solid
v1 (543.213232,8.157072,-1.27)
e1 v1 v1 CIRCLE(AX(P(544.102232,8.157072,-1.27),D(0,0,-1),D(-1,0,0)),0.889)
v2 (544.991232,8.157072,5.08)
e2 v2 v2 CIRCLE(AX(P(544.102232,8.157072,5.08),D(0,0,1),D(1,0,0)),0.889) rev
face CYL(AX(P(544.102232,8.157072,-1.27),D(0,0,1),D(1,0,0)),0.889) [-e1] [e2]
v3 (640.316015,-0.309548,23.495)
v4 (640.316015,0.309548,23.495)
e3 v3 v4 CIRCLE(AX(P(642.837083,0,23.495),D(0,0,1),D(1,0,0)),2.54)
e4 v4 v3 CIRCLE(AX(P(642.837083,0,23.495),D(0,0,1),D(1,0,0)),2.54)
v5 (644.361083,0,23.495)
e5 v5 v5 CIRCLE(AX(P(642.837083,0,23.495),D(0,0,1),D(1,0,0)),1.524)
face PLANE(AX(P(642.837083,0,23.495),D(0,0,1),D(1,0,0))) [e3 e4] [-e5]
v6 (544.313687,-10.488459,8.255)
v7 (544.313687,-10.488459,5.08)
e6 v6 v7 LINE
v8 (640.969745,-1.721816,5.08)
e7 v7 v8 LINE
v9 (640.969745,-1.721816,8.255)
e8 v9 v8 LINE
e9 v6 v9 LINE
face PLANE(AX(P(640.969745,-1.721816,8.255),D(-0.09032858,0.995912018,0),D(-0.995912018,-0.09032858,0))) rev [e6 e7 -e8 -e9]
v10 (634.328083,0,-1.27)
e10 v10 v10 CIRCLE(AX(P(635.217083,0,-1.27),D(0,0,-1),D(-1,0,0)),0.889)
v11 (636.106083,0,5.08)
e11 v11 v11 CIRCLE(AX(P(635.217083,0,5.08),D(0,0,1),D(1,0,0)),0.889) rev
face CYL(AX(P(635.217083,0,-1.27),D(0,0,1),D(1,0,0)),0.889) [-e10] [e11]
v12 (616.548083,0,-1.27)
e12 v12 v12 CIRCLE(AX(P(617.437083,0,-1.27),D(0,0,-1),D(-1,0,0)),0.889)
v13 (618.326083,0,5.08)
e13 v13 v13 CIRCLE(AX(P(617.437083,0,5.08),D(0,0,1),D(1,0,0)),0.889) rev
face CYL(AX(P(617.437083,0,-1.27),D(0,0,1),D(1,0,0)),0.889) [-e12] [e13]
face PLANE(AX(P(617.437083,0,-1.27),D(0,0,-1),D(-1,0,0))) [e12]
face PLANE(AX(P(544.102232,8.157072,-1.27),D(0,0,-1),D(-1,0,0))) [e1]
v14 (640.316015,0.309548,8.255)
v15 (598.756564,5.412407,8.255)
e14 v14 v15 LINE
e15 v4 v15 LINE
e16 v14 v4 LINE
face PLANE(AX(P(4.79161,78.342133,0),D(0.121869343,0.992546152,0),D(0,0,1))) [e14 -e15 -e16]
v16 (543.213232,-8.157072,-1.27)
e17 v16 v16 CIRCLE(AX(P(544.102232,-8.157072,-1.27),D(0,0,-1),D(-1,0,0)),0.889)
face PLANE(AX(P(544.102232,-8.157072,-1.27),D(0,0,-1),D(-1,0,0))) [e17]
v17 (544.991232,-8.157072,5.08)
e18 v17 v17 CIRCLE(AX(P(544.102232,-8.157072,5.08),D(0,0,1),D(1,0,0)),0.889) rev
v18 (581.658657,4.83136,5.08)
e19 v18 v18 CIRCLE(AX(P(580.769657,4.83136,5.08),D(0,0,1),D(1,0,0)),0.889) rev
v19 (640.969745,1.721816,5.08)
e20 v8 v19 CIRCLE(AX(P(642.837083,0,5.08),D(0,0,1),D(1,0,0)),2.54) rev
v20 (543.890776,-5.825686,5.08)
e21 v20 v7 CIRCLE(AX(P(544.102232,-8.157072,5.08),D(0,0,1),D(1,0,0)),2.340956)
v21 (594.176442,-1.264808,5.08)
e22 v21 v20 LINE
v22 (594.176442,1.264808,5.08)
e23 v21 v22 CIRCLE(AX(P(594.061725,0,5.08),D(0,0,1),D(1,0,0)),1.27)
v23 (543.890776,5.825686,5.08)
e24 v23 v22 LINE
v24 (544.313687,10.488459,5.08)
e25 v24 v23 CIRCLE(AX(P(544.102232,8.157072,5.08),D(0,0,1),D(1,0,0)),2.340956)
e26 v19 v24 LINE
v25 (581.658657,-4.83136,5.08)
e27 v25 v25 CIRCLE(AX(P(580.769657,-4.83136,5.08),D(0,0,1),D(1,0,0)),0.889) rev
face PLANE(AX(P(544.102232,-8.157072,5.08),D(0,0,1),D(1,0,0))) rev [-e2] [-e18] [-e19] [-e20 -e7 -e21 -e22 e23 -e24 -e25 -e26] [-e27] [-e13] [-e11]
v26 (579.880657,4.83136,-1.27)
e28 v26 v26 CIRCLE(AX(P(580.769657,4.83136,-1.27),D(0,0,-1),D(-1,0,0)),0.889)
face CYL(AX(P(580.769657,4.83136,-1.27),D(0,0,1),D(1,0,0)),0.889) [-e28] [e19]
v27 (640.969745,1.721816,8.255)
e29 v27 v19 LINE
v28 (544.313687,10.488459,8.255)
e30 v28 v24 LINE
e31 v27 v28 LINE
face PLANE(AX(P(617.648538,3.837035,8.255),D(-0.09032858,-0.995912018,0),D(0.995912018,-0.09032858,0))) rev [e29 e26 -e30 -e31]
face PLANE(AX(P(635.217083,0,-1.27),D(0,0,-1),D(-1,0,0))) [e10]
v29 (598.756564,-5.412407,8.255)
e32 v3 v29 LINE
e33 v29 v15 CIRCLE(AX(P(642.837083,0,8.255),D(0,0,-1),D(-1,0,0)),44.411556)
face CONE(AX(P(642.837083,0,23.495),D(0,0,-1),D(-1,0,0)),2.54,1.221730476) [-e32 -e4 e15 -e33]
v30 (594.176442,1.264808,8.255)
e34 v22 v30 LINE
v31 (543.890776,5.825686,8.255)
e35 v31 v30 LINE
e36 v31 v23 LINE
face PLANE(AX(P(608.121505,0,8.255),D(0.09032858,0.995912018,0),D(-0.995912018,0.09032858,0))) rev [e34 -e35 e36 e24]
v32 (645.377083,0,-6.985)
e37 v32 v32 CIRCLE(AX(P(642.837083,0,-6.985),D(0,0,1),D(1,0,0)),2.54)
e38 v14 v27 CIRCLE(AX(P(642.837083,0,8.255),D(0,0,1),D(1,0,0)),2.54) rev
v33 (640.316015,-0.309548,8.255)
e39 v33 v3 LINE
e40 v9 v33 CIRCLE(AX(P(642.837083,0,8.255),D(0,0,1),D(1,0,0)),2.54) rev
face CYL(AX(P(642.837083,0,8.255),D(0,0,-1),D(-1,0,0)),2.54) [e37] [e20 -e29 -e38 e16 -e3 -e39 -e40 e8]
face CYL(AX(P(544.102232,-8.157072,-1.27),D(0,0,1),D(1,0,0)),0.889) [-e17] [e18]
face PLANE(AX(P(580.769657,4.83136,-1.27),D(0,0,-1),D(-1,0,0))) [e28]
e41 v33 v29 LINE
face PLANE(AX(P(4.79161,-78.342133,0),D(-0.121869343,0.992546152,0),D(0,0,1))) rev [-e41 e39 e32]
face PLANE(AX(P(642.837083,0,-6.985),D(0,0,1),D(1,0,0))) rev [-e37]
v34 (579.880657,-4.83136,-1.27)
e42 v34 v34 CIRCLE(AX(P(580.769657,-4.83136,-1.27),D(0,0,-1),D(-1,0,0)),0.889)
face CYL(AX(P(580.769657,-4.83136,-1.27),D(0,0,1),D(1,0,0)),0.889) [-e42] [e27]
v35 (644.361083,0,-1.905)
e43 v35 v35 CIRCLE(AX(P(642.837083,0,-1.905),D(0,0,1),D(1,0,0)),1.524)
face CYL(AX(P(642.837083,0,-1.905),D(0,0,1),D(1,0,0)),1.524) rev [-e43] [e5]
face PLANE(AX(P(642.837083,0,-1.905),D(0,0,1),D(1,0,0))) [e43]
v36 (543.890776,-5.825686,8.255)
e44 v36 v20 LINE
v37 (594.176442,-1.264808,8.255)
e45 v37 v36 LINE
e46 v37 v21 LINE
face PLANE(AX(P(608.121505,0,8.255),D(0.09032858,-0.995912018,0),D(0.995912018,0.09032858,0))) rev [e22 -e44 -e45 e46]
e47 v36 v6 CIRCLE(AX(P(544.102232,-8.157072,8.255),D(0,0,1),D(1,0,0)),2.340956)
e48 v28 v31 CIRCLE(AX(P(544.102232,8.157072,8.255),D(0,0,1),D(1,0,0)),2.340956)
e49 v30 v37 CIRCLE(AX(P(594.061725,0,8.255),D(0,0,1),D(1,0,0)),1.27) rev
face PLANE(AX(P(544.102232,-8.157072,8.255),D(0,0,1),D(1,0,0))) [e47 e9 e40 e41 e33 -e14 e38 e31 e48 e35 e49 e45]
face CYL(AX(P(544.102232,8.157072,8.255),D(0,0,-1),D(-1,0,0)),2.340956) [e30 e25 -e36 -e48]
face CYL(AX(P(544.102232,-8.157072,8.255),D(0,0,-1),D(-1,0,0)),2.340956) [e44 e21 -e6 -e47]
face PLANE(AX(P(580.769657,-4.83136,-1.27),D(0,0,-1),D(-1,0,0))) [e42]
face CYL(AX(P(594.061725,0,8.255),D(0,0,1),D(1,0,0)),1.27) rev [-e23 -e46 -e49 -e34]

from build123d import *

# Parameters (mm, degrees)
BOSS_EXTRUDE1_DEPTH      = 5.08
CUT_EXTRUDE2_START       = -6.0800001
CUT_EXTRUDE2_DEPTH       = 7.0800002
BOSS_EXTRUDE2_DEPTH      = 3.175
SKETCH6_R                = 2.54
BOSS_EXTRUDE3_DEPTH      = 15.24
SKETCH7_R                = 1.524
CUT_EXTRUDE3_DEPTH       = 25.4
CUT_EXTRUDE4_DEPTH       = 5.08
SKETCH9_R                = 0.889
BOSS_EXTRUDE4_DEPTH      = 6.35
FILLET1_R                = 1.27
REVOLVE1_ANGLE           = 7
REVOLVE1_OTHER_WAY_ANGLE = 7


with BuildPart() as part:
    # Sketch2 → Boss-Extrude1 (new body)
    with BuildSketch(Plane.XY):
        with BuildLine():
            ThreePointArc((642.510849283, -1.582039112), (643.111845681, -1.408373102), (643.599082689, -1.016))
            ThreePointArc((643.599082689, -1.016), (642.269121423, -1.135922533), (641.567082689, 0))
            Line((641.567082689, 0), (473.360965279, 0))
            Line((473.360965279, 0), (460.660965279, 0))
            Line((460.660965279, 0), (114.935, 0))
            ThreePointArc((114.935, 0), (104.14, -10.795), (93.345, 0))
            Line((93.345, 0), (53.34, 0))
            ThreePointArc((53.34, 0), (40.64, -12.7), (27.94, 0))
            Line((27.94, 0), (0, 0))
            add(Edge.make_bspline(
                [(0, 0), (0, -1.007496172), (0.154611582, -3.513796615), (1.106333228, -7.923389435), (3.463136343, -13.420354421), (7.689616489, -19.513207632), (13.932423524, -25.726412106), (22.129107375, -31.731455339), (32.141645239, -37.332204029), (43.82045433, -42.41500246), (57.023709725, -46.912543066), (71.619696083, -50.784752003), (87.485018636, -54.008935199), (104.502313427, -56.574303932), (122.558104573, -58.481758104), (141.542033828, -59.739895824), (161.345829027, -60.366961324), (181.863132616, -60.387506142), (202.989192599, -59.8341217), (224.620860897, -58.745176641), (246.65655865, -57.164603829), (268.996310773, -55.141201012), (291.541767704, -52.727712704), (314.196207315, -49.979843895), (336.86454415, -46.955447457), (359.453314895, -43.713502532), (381.870662856, -40.313266856), (404.02631566, -36.813220545), (425.831595832, -33.270324121), (447.199424328, -29.739007432), (468.044367735, -26.27043606), (488.282710288, -22.911672601), (507.832591566, -19.705111663), (526.614143658, -16.687720753), (544.549749946, -13.890665375), (561.564270734, -11.338919625), (577.585454095, -9.050636147), (592.543922516, -7.037634907), (606.374988512, -5.304428983), (619.014124193, -3.849253664), (630.413817462, -2.663385493), (638.093728429, -1.953546407), (641.993392355, -1.625070631), (642.510849283, -1.582039112)],
                knots=[0.5, 0.5, 0.5, 0.5, 0.502166769, 0.505390167, 0.509655974, 0.514947682, 0.521244711, 0.528520886, 0.536744945, 0.54588136, 0.555890751, 0.566730119, 0.57835299, 0.590709588, 0.603747039, 0.617409572, 0.631638768, 0.646373793, 0.661551658, 0.677107483, 0.692974771, 0.709085713, 0.725371443, 0.741762353, 0.758188398, 0.774579367, 0.790865214, 0.806976332, 0.822843867, 0.838400002, 0.853578262, 0.868313774, 0.882543568, 0.896206835, 0.909245173, 0.92160287, 0.933227116, 0.944068236, 0.954079898, 0.963219316, 0.971447445, 0.978729112, 0.979842958, 0.979842958, 0.979842958, 0.979842958], degree=3))
        make_face()
    boss_extrude1 = extrude(amount=BOSS_EXTRUDE1_DEPTH)

    # Sketch3 → Cut-Extrude2 (cut)
    with BuildSketch(Plane.XY.offset(5.08).offset(CUT_EXTRUDE2_START)):
        with BuildLine():
            ThreePointArc((212.767950148, 0), (169.566475074, 43.201475074), (126.365, 0))
            Line((126.365, 0), (212.767950148, 0))
        make_face()
        with BuildLine():
            Line((212.767950148, 0), (126.365, 0))
            ThreePointArc((126.365, 0), (169.566475074, -43.201475074), (212.767950148, 0))
        make_face()
        with BuildLine():
            ThreePointArc((300.809151759, 0), (262.503550953, 38.305600806), (224.197950148, 0))
            Line((224.197950148, 0), (300.809151759, 0))
        make_face()
        with BuildLine():
            Line((300.809151759, 0), (224.197950148, 0))
            ThreePointArc((224.197950148, 0), (262.503550953, -38.305600806), (300.809151759, 0))
        make_face()
        with BuildLine():
            ThreePointArc((369.720663748, 0), (340.979907754, 28.740755995), (312.239151759, 0))
            Line((312.239151759, 0), (369.720663748, 0))
        make_face()
        with BuildLine():
            Line((369.720663748, 0), (312.239151759, 0))
            ThreePointArc((312.239151759, 0), (340.979907754, -28.740755995), (369.720663748, 0))
        make_face()
        with BuildLine():
            ThreePointArc((381.150663748, 0), (400.327663748, -19.177), (419.504663748, 0))
            Line((419.504663748, 0), (381.150663748, 0))
        make_face()
        with BuildLine():
            Line((381.150663748, 0), (419.504663748, 0))
            ThreePointArc((419.504663748, 0), (400.327663748, 19.177), (381.150663748, 0))
        make_face()
        with BuildLine():
            ThreePointArc((430.474866123, 0), (443.301866123, -12.827), (456.128866123, 0))
            Line((456.128866123, 0), (430.474866123, 0))
        make_face()
        with BuildLine():
            Line((430.474866123, 0), (456.128866123, 0))
            ThreePointArc((456.128866123, 0), (443.301866123, 12.827), (430.474866123, 0))
        make_face()
        with BuildLine():
            ThreePointArc((475.605534569, 0), (482.082534569, -6.477), (488.559534569, 0))
            Line((488.559534569, 0), (475.605534569, 0))
        make_face()
        with BuildLine():
            Line((475.605534569, 0), (488.559534569, 0))
            ThreePointArc((488.559534569, 0), (482.082534569, 6.477), (475.605534569, 0))
        make_face()
    cut_extrude2 = extrude(amount=CUT_EXTRUDE2_DEPTH, mode=Mode.SUBTRACT)

    # Mirror1: Boss-Extrude1, Cut-Extrude2 across plane
    add(boss_extrude1.mirror(Plane.ZX))
    add(cut_extrude2.mirror(Plane.ZX), mode=Mode.SUBTRACT)

    # Sketch5 → Boss-Extrude2 (add)
    with BuildSketch(Plane.XY.offset(5.08)):
        with BuildLine():
            Line((640.969745334, -1.721816251), (617.648537938, -3.837034781))
            Line((617.648537938, -3.837034781), (544.313686995, -10.488458656))
            ThreePointArc((544.313686995, -10.488458656), (541.770845349, -8.368527507), (543.890776497, -5.825685861))
            Line((543.890776497, -5.825685861), (608.121505485, 0))
            Line((608.121505485, 0), (543.890776497, 5.825685861))
            ThreePointArc((543.890776497, 5.825685861), (541.770845349, 8.368527507), (544.313686995, 10.488458656))
            Line((544.313686995, 10.488458656), (617.648537938, 3.837034781))
            Line((617.648537938, 3.837034781), (640.969745334, 1.721816251))
            ThreePointArc((640.969745334, 1.721816251), (645.377082689, 0), (640.969745334, -1.721816251))
        make_face()
    extrude(amount=BOSS_EXTRUDE2_DEPTH)

    # Sketch6 → Boss-Extrude3 (add, symmetric)
    with BuildSketch(Plane.XY.offset(8.255)):
        with Locations((642.837082689, 0)):
            Circle(SKETCH6_R)
    extrude(amount=BOSS_EXTRUDE3_DEPTH, both=True)

    # Sketch7 → Cut-Extrude3 (cut)
    with BuildSketch(Plane.XY.offset(23.495)):
        with Locations((642.837082689, 0)):
            Circle(SKETCH7_R)
    extrude(amount=-CUT_EXTRUDE3_DEPTH, mode=Mode.SUBTRACT)

    # Sketch8 → Cut-Extrude4 (cut)
    with BuildSketch(Plane(origin=(0, 0, 0), x_dir=(-1, 0, 0), z_dir=(0, 0, -1))):
        with BuildLine():
            ThreePointArc((-640.961258409, -1.712566282), (-640.297082689, 0), (-640.961258409, 1.712566282))
            add(Edge.make_bspline(
                [(-640.961258409, -1.712566282), (-640.960510251, -1.712630108), (-637.579890575, -2.001039431), (-630.413817462, -2.663385493), (-619.014124193, -3.849253664), (-606.374988512, -5.304428983), (-592.543922516, -7.037634907), (-577.585454095, -9.050636147), (-561.564270734, -11.338919625), (-544.549749946, -13.890665375), (-526.614143658, -16.687720753), (-507.832591566, -19.705111663), (-488.282710288, -22.911672601), (-468.044367735, -26.27043606), (-447.199424328, -29.739007432), (-425.831595832, -33.270324121), (-404.02631566, -36.813220545), (-381.870662856, -40.313266856), (-359.453314895, -43.713502532), (-336.86454415, -46.955447457), (-314.196207315, -49.979843895), (-291.541767704, -52.727712704), (-268.996310773, -55.141201012), (-246.65655865, -57.164603829), (-224.620860897, -58.745176641), (-202.989192599, -59.8341217), (-181.863132616, -60.387506142), (-161.345829027, -60.366961324), (-141.542033828, -59.739895824), (-122.558104573, -58.481758104), (-104.502313427, -56.574303932), (-87.485018636, -54.008935199), (-71.619696083, -50.784752003), (-57.023709725, -46.912543066), (-43.82045433, -42.41500246), (-32.141645239, -37.332204029), (-22.129107375, -31.731455339), (-13.932423524, -25.726412106), (-7.689616489, -19.513207632), (-3.463136343, -13.420354421), (-1.106333228, -7.923389435), (-0.154611582, -3.513796615), (0.062151598, 0), (-0.154611582, 3.513796615), (-1.106333228, 7.923389435), (-3.463136343, 13.420354421), (-7.689616489, 19.513207632), (-13.932423524, 25.726412106), (-22.129107375, 31.731455339), (-32.141645239, 37.332204029), (-43.82045433, 42.41500246), (-57.023709725, 46.912543066), (-71.619696083, 50.784752003), (-87.485018636, 54.008935199), (-104.502313427, 56.574303932), (-122.558104573, 58.481758104), (-141.542033828, 59.739895824), (-161.345829027, 60.366961324), (-181.863132616, 60.387506142), (-202.989192599, 59.8341217), (-224.620860897, 58.745176641), (-246.65655865, 57.164603829), (-268.996310773, 55.141201012), (-291.541767704, 52.727712704), (-314.196207315, 49.979843895), (-336.86454415, 46.955447457), (-359.453314895, 43.713502532), (-381.870662856, 40.313266856), (-404.02631566, 36.813220545), (-425.831595832, 33.270324121), (-447.199424328, 29.739007432), (-468.044367735, 26.27043606), (-488.282710288, 22.911672601), (-507.832591566, 19.705111663), (-526.614143658, 16.687720753), (-544.549749946, 13.890665375), (-561.564270734, 11.338919625), (-577.585454095, 9.050636147), (-592.543922516, 7.037634907), (-606.374988512, 5.304428983), (-619.014124193, 3.849253664), (-630.413817462, 2.663385493), (-637.579890575, 2.001039431), (-640.960510251, 1.712630108), (-640.961258409, 1.712566282)],
                knots=[0.021269276, 0.021269276, 0.021269276, 0.021269276, 0.021270888, 0.028552555, 0.036780684, 0.045920102, 0.055931764, 0.066772884, 0.07839713, 0.090754827, 0.103793165, 0.117456432, 0.131686226, 0.146421738, 0.161599998, 0.177156133, 0.193023668, 0.209134786, 0.225420633, 0.241811602, 0.258237647, 0.274628557, 0.290914287, 0.307025229, 0.322892517, 0.338448342, 0.353626207, 0.368361232, 0.382590428, 0.396252961, 0.409290412, 0.42164701, 0.433269881, 0.444109249, 0.45411864, 0.463255055, 0.471479114, 0.478755289, 0.485052318, 0.490344026, 0.494609833, 0.497833231, 0.5, 0.502166769, 0.505390167, 0.509655974, 0.514947682, 0.521244711, 0.528520886, 0.536744945, 0.54588136, 0.555890751, 0.566730119, 0.57835299, 0.590709588, 0.603747039, 0.617409572, 0.631638768, 0.646373793, 0.661551658, 0.677107483, 0.692974771, 0.709085713, 0.725371443, 0.741762353, 0.758188398, 0.774579367, 0.790865214, 0.806976332, 0.822843867, 0.838400002, 0.853578262, 0.868313774, 0.882543568, 0.896206835, 0.909245173, 0.92160287, 0.933227116, 0.944068236, 0.954079898, 0.963219316, 0.971447445, 0.978729112, 0.978730724, 0.978730724, 0.978730724, 0.978730724], degree=3))
        make_face()
    extrude(amount=-CUT_EXTRUDE4_DEPTH, mode=Mode.SUBTRACT)

    # Sketch9 → Boss-Extrude4 (add)
    with BuildSketch(Plane(origin=(0, 0, 5.08), x_dir=(-1, 0, 0), z_dir=(0, 0, -1))):
        with Locations((-544.102231746, 8.157072259)):
            Circle(SKETCH9_R)
        with Locations((-544.102231746, -8.157072259)):
            Circle(SKETCH9_R)
        with Locations((-580.769657218, 4.831360321)):
            Circle(SKETCH9_R)
        with Locations((-580.769657218, -4.831360321)):
            Circle(SKETCH9_R)
        with Locations((-617.437082689, 0)):
            Circle(SKETCH9_R)
        with Locations((-635.217082689, 0)):
            Circle(SKETCH9_R)
    extrude(amount=BOSS_EXTRUDE4_DEPTH)

    # Fillet1
    fillet1_edges = [part.edges().sort_by_distance(p)[0] for p in [
        (608.121505485, 0, 6.6675),
    ]]
    fillet(fillet1_edges, radius=FILLET1_R)

    # Sketch10 → Revolve1 (revolve)
    with BuildSketch(Plane(origin=(0, 0, 0), x_dir=(1, 0, 0), z_dir=(0, 1, 0))):
        Polygon((640.297082689, -23.495), (598.425526817, -8.255), (640.297082689, -8.255), align=None)
    revolve(axis=Axis((642.837082689, 0, -1.905), (0, 0, 1)), revolution_arc=REVOLVE1_ANGLE)

    # Sketch10 → Revolve1 other way (revolve)
    with BuildSketch(Plane(origin=(0, 0, 0), x_dir=(1, 0, 0), z_dir=(0, 1, 0))):
        Polygon((640.297082689, -23.495), (598.425526817, -8.255), (640.297082689, -8.255), align=None)
    revolve(axis=Axis((642.837082689, 0, -1.905), (0, 0, -1)), revolution_arc=REVOLVE1_OTHER_WAY_ANGLE)


solid = part.part
